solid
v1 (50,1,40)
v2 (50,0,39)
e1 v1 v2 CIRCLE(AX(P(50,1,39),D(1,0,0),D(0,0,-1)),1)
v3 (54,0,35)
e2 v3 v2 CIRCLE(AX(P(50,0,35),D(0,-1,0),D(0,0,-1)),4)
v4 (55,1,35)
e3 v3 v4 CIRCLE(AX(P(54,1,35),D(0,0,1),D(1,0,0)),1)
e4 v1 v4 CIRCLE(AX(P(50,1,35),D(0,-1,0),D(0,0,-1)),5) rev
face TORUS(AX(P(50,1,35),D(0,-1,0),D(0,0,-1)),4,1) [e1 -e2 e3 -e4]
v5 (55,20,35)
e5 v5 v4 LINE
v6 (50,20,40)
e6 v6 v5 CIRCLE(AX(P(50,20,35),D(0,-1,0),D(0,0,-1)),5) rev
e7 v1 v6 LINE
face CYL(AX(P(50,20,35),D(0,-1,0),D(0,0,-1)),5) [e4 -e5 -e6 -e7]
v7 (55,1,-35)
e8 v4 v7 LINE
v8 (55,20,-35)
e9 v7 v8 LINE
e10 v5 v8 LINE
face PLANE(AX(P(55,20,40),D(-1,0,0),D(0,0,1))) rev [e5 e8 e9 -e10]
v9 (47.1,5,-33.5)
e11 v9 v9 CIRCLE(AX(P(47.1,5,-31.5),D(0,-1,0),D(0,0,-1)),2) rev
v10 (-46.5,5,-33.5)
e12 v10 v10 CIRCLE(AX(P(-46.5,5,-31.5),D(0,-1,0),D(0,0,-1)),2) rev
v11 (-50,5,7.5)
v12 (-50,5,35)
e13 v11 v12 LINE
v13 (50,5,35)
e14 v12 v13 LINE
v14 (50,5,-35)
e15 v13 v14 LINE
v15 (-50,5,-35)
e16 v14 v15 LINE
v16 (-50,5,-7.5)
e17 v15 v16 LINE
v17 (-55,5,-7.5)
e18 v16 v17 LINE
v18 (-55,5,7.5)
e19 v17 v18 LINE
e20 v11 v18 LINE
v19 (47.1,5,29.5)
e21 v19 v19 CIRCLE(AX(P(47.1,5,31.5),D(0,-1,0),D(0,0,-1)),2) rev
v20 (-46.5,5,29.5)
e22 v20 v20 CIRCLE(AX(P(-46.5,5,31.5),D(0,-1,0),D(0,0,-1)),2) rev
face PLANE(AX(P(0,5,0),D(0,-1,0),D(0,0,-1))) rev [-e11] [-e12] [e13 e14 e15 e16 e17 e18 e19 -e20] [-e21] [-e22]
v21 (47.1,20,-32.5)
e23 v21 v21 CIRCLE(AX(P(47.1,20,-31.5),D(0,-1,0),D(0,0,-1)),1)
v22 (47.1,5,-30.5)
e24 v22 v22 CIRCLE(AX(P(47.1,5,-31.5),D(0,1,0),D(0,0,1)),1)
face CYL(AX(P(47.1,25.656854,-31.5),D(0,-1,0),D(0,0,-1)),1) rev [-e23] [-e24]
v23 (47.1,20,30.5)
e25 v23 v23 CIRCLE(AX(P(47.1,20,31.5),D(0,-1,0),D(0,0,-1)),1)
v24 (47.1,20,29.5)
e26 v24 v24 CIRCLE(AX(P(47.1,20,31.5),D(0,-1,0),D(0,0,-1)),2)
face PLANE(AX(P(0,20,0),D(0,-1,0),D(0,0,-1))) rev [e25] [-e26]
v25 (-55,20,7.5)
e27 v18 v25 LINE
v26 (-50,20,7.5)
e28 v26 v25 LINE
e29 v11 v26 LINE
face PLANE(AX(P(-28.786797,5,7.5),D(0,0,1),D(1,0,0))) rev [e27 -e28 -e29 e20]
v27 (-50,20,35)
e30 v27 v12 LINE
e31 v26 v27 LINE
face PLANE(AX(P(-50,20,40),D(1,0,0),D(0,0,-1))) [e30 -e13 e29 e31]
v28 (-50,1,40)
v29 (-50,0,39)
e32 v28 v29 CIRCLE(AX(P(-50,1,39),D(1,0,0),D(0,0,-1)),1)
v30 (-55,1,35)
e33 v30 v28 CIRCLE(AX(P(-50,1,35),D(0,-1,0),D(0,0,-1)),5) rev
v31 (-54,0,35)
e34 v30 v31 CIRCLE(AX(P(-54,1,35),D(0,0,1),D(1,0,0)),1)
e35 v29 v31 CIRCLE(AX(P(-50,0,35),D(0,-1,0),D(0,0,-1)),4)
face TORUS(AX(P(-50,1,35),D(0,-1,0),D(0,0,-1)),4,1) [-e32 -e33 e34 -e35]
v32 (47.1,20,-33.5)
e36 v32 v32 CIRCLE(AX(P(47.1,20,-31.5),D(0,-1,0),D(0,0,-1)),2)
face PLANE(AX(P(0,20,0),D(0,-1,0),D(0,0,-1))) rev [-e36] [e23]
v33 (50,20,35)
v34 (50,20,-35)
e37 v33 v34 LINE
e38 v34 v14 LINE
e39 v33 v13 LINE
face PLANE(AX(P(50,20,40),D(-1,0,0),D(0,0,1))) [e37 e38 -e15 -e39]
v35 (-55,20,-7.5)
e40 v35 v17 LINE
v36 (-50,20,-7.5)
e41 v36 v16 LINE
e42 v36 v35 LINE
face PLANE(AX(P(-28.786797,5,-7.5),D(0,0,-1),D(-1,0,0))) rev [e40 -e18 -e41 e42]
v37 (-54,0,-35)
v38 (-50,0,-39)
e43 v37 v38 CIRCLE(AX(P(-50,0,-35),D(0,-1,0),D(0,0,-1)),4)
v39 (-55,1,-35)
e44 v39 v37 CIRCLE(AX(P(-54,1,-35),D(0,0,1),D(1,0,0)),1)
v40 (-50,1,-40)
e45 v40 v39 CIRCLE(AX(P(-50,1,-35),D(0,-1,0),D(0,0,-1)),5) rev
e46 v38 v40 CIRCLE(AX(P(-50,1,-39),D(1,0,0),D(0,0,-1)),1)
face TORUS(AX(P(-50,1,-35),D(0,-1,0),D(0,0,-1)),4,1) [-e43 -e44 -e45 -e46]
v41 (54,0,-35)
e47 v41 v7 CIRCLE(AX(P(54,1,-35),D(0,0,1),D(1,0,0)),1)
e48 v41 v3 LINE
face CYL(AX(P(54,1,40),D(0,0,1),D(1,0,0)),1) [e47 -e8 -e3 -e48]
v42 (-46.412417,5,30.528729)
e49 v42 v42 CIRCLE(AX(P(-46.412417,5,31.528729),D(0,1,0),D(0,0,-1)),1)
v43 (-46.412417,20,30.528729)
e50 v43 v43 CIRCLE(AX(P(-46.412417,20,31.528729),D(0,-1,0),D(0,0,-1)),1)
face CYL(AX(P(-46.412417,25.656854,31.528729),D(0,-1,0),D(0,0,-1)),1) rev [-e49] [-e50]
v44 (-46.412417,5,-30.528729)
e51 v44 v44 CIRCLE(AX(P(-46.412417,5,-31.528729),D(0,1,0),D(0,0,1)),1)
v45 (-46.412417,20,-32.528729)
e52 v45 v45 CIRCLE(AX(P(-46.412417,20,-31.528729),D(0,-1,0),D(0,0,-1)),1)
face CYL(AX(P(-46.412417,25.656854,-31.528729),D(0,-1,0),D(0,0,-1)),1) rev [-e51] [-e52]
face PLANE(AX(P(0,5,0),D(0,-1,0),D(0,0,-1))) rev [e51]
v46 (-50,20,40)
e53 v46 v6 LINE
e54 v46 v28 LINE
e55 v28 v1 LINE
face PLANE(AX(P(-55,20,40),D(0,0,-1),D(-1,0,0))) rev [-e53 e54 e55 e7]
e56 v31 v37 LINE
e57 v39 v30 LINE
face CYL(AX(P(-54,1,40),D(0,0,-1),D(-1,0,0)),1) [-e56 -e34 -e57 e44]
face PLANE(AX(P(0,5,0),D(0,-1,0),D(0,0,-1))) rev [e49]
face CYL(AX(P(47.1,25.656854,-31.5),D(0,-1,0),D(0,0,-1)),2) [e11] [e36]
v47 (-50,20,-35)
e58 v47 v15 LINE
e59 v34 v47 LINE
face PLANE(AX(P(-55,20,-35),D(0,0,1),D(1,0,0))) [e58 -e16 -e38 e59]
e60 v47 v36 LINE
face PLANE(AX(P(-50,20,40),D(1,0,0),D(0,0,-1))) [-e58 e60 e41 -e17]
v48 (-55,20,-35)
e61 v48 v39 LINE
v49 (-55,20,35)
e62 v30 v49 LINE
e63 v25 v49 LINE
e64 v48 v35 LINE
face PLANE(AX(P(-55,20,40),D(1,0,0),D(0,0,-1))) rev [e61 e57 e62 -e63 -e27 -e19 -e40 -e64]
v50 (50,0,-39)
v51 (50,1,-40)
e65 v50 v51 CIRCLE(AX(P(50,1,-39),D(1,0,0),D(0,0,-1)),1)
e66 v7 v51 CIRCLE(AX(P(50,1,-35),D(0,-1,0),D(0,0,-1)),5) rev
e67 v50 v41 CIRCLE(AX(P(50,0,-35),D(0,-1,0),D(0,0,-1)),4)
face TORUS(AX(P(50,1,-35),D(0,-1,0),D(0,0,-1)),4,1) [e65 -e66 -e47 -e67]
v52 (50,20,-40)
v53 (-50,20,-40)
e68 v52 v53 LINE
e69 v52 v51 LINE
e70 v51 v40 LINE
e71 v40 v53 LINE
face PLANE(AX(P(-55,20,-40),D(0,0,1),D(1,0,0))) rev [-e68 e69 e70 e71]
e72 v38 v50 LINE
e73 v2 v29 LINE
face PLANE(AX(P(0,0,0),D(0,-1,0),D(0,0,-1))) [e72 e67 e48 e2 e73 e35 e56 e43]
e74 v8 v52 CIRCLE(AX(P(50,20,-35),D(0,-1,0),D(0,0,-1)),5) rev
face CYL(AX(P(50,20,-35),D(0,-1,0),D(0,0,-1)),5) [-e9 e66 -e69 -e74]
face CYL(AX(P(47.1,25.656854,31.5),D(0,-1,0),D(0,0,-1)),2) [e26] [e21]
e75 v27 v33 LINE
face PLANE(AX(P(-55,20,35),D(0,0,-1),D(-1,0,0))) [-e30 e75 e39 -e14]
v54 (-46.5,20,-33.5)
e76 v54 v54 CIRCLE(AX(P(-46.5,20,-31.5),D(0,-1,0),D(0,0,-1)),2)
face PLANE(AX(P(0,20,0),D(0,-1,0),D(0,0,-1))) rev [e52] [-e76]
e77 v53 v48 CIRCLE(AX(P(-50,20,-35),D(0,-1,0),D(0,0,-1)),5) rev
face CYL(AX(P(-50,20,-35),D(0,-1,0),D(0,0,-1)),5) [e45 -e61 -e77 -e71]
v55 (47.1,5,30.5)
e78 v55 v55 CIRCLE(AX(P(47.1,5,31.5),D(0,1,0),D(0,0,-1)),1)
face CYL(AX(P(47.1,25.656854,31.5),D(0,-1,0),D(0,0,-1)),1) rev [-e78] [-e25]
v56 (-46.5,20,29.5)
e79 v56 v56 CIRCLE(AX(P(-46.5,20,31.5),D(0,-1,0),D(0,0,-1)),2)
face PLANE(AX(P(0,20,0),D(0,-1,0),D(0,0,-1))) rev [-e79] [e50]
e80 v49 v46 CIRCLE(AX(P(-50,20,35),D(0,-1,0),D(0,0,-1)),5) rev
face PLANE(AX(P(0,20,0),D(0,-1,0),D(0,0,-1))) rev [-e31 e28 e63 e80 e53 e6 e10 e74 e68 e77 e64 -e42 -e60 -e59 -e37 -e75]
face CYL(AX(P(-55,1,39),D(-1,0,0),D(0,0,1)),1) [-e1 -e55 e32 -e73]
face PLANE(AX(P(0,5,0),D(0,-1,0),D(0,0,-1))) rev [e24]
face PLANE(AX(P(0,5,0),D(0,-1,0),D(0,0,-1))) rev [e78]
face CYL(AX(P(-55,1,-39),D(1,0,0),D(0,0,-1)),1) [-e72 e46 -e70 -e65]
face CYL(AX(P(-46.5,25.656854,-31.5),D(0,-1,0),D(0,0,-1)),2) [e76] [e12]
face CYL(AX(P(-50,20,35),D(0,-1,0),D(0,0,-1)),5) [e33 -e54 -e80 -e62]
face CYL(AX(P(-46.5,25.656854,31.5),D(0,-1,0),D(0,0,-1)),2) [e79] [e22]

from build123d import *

# Parameters (mm, degrees)
SKETCH4_W           = 110
SKETCH4_H           = 80
BOSS_EXTRUDE1_DEPTH = 20
SHELL1_T            = -5
FILLET1_R           = 5
SKETCH8_W           = 15
SKETCH8_H           = 15
CUT_EXTRUDE2_DEPTH  = 5
SKETCH10_R          = 2
SKETCH10_R_2        = 1
BOSS_EXTRUDE2_DEPTH = 15
FILLET2_R           = 1


with BuildPart() as part:
    # Sketch4 → Boss-Extrude1 (new body)
    with BuildSketch(Plane(origin=(0, 0, 0), x_dir=(1, 0, 0), z_dir=(0, 1, 0))):
        Rectangle(SKETCH4_W, SKETCH4_H)
    extrude(amount=BOSS_EXTRUDE1_DEPTH)

    # Shell1
    shell1_openings = [part.faces().sort_by_distance(p)[0] for p in [
        (0, 20, 0),
    ]]
    offset(amount=SHELL1_T, openings=shell1_openings, kind=Kind.INTERSECTION)

    # Fillet1
    fillet1_edges = [part.edges().sort_by_distance(p)[0] for p in [
        (55, 10, 40),
        (-55, 10, 40),
        (-55, 10, -40),
        (55, 10, -40),
    ]]
    fillet(fillet1_edges, radius=FILLET1_R)

    # Sketch8 → Cut-Extrude2 (cut)
    with BuildSketch(Plane.ZY.offset(55)):
        with Locations((0, 12.5)):
            Rectangle(SKETCH8_W, SKETCH8_H)
    extrude(amount=-CUT_EXTRUDE2_DEPTH, mode=Mode.SUBTRACT)

    # Sketch10 → Boss-Extrude2 (add)
    # profile 1 of 4: a face of its own
    with BuildSketch(Plane(origin=(0, 5, 0), x_dir=(1, 0, 0), z_dir=(0, 1, 0))):
        with Locations(Location((47.1, 31.5, 0), (0, 0, 90))):
            Circle(SKETCH10_R)
        with Locations(Location((47.1, 31.5, 0), (0, 0, 90))):
            Circle(SKETCH10_R_2, mode=Mode.SUBTRACT)
    # profile 2 of 4: a face of its own
    with BuildSketch(Plane(origin=(0, 5, 0), x_dir=(1, 0, 0), z_dir=(0, 1, 0))):
        with Locations(Location((47.1, -31.5, 0), (0, 0, 90))):
            Circle(SKETCH10_R)
        with Locations(Location((47.1, -31.5, 0), (0, 0, 90))):
            Circle(SKETCH10_R_2, mode=Mode.SUBTRACT)
    # profile 3 of 4: a face of its own
    with BuildSketch(Plane(origin=(0, 5, 0), x_dir=(1, 0, 0), z_dir=(0, 1, 0))):
        with Locations(Location((-46.5, 31.5, 0), (0, 0, 90))):
            Circle(SKETCH10_R)
        with Locations(Location((-46.412417336, 31.528728885, 0), (0, 0, 90))):
            Circle(SKETCH10_R_2, mode=Mode.SUBTRACT)
    # profile 4 of 4: a face of its own
    with BuildSketch(Plane(origin=(0, 5, 0), x_dir=(1, 0, 0), z_dir=(0, 1, 0))):
        with Locations(Location((-46.5, -31.5, 0), (0, 0, 90))):
            Circle(SKETCH10_R)
        with Locations(Location((-46.412417336, -31.528728885, 0), (0, 0, 90))):
            Circle(SKETCH10_R_2, mode=Mode.SUBTRACT)
    extrude(amount=BOSS_EXTRUDE2_DEPTH)

    # Fillet2
    fillet2_edges = [part.edges().sort_by_distance(p)[0] for p in [
        (-55, 0, 0),
        (55, 0, 0),
        (0, 0, 40),
        (0, 0, -40),
        (-53.535533906, 0, 38.535533906),
        (53.535533906, 0, 38.535533906),
        (53.535533906, 0, -38.535533906),
        (-53.535533906, 0, -38.535533906),
    ]]
    fillet(fillet2_edges, radius=FILLET2_R)


solid = part.part
